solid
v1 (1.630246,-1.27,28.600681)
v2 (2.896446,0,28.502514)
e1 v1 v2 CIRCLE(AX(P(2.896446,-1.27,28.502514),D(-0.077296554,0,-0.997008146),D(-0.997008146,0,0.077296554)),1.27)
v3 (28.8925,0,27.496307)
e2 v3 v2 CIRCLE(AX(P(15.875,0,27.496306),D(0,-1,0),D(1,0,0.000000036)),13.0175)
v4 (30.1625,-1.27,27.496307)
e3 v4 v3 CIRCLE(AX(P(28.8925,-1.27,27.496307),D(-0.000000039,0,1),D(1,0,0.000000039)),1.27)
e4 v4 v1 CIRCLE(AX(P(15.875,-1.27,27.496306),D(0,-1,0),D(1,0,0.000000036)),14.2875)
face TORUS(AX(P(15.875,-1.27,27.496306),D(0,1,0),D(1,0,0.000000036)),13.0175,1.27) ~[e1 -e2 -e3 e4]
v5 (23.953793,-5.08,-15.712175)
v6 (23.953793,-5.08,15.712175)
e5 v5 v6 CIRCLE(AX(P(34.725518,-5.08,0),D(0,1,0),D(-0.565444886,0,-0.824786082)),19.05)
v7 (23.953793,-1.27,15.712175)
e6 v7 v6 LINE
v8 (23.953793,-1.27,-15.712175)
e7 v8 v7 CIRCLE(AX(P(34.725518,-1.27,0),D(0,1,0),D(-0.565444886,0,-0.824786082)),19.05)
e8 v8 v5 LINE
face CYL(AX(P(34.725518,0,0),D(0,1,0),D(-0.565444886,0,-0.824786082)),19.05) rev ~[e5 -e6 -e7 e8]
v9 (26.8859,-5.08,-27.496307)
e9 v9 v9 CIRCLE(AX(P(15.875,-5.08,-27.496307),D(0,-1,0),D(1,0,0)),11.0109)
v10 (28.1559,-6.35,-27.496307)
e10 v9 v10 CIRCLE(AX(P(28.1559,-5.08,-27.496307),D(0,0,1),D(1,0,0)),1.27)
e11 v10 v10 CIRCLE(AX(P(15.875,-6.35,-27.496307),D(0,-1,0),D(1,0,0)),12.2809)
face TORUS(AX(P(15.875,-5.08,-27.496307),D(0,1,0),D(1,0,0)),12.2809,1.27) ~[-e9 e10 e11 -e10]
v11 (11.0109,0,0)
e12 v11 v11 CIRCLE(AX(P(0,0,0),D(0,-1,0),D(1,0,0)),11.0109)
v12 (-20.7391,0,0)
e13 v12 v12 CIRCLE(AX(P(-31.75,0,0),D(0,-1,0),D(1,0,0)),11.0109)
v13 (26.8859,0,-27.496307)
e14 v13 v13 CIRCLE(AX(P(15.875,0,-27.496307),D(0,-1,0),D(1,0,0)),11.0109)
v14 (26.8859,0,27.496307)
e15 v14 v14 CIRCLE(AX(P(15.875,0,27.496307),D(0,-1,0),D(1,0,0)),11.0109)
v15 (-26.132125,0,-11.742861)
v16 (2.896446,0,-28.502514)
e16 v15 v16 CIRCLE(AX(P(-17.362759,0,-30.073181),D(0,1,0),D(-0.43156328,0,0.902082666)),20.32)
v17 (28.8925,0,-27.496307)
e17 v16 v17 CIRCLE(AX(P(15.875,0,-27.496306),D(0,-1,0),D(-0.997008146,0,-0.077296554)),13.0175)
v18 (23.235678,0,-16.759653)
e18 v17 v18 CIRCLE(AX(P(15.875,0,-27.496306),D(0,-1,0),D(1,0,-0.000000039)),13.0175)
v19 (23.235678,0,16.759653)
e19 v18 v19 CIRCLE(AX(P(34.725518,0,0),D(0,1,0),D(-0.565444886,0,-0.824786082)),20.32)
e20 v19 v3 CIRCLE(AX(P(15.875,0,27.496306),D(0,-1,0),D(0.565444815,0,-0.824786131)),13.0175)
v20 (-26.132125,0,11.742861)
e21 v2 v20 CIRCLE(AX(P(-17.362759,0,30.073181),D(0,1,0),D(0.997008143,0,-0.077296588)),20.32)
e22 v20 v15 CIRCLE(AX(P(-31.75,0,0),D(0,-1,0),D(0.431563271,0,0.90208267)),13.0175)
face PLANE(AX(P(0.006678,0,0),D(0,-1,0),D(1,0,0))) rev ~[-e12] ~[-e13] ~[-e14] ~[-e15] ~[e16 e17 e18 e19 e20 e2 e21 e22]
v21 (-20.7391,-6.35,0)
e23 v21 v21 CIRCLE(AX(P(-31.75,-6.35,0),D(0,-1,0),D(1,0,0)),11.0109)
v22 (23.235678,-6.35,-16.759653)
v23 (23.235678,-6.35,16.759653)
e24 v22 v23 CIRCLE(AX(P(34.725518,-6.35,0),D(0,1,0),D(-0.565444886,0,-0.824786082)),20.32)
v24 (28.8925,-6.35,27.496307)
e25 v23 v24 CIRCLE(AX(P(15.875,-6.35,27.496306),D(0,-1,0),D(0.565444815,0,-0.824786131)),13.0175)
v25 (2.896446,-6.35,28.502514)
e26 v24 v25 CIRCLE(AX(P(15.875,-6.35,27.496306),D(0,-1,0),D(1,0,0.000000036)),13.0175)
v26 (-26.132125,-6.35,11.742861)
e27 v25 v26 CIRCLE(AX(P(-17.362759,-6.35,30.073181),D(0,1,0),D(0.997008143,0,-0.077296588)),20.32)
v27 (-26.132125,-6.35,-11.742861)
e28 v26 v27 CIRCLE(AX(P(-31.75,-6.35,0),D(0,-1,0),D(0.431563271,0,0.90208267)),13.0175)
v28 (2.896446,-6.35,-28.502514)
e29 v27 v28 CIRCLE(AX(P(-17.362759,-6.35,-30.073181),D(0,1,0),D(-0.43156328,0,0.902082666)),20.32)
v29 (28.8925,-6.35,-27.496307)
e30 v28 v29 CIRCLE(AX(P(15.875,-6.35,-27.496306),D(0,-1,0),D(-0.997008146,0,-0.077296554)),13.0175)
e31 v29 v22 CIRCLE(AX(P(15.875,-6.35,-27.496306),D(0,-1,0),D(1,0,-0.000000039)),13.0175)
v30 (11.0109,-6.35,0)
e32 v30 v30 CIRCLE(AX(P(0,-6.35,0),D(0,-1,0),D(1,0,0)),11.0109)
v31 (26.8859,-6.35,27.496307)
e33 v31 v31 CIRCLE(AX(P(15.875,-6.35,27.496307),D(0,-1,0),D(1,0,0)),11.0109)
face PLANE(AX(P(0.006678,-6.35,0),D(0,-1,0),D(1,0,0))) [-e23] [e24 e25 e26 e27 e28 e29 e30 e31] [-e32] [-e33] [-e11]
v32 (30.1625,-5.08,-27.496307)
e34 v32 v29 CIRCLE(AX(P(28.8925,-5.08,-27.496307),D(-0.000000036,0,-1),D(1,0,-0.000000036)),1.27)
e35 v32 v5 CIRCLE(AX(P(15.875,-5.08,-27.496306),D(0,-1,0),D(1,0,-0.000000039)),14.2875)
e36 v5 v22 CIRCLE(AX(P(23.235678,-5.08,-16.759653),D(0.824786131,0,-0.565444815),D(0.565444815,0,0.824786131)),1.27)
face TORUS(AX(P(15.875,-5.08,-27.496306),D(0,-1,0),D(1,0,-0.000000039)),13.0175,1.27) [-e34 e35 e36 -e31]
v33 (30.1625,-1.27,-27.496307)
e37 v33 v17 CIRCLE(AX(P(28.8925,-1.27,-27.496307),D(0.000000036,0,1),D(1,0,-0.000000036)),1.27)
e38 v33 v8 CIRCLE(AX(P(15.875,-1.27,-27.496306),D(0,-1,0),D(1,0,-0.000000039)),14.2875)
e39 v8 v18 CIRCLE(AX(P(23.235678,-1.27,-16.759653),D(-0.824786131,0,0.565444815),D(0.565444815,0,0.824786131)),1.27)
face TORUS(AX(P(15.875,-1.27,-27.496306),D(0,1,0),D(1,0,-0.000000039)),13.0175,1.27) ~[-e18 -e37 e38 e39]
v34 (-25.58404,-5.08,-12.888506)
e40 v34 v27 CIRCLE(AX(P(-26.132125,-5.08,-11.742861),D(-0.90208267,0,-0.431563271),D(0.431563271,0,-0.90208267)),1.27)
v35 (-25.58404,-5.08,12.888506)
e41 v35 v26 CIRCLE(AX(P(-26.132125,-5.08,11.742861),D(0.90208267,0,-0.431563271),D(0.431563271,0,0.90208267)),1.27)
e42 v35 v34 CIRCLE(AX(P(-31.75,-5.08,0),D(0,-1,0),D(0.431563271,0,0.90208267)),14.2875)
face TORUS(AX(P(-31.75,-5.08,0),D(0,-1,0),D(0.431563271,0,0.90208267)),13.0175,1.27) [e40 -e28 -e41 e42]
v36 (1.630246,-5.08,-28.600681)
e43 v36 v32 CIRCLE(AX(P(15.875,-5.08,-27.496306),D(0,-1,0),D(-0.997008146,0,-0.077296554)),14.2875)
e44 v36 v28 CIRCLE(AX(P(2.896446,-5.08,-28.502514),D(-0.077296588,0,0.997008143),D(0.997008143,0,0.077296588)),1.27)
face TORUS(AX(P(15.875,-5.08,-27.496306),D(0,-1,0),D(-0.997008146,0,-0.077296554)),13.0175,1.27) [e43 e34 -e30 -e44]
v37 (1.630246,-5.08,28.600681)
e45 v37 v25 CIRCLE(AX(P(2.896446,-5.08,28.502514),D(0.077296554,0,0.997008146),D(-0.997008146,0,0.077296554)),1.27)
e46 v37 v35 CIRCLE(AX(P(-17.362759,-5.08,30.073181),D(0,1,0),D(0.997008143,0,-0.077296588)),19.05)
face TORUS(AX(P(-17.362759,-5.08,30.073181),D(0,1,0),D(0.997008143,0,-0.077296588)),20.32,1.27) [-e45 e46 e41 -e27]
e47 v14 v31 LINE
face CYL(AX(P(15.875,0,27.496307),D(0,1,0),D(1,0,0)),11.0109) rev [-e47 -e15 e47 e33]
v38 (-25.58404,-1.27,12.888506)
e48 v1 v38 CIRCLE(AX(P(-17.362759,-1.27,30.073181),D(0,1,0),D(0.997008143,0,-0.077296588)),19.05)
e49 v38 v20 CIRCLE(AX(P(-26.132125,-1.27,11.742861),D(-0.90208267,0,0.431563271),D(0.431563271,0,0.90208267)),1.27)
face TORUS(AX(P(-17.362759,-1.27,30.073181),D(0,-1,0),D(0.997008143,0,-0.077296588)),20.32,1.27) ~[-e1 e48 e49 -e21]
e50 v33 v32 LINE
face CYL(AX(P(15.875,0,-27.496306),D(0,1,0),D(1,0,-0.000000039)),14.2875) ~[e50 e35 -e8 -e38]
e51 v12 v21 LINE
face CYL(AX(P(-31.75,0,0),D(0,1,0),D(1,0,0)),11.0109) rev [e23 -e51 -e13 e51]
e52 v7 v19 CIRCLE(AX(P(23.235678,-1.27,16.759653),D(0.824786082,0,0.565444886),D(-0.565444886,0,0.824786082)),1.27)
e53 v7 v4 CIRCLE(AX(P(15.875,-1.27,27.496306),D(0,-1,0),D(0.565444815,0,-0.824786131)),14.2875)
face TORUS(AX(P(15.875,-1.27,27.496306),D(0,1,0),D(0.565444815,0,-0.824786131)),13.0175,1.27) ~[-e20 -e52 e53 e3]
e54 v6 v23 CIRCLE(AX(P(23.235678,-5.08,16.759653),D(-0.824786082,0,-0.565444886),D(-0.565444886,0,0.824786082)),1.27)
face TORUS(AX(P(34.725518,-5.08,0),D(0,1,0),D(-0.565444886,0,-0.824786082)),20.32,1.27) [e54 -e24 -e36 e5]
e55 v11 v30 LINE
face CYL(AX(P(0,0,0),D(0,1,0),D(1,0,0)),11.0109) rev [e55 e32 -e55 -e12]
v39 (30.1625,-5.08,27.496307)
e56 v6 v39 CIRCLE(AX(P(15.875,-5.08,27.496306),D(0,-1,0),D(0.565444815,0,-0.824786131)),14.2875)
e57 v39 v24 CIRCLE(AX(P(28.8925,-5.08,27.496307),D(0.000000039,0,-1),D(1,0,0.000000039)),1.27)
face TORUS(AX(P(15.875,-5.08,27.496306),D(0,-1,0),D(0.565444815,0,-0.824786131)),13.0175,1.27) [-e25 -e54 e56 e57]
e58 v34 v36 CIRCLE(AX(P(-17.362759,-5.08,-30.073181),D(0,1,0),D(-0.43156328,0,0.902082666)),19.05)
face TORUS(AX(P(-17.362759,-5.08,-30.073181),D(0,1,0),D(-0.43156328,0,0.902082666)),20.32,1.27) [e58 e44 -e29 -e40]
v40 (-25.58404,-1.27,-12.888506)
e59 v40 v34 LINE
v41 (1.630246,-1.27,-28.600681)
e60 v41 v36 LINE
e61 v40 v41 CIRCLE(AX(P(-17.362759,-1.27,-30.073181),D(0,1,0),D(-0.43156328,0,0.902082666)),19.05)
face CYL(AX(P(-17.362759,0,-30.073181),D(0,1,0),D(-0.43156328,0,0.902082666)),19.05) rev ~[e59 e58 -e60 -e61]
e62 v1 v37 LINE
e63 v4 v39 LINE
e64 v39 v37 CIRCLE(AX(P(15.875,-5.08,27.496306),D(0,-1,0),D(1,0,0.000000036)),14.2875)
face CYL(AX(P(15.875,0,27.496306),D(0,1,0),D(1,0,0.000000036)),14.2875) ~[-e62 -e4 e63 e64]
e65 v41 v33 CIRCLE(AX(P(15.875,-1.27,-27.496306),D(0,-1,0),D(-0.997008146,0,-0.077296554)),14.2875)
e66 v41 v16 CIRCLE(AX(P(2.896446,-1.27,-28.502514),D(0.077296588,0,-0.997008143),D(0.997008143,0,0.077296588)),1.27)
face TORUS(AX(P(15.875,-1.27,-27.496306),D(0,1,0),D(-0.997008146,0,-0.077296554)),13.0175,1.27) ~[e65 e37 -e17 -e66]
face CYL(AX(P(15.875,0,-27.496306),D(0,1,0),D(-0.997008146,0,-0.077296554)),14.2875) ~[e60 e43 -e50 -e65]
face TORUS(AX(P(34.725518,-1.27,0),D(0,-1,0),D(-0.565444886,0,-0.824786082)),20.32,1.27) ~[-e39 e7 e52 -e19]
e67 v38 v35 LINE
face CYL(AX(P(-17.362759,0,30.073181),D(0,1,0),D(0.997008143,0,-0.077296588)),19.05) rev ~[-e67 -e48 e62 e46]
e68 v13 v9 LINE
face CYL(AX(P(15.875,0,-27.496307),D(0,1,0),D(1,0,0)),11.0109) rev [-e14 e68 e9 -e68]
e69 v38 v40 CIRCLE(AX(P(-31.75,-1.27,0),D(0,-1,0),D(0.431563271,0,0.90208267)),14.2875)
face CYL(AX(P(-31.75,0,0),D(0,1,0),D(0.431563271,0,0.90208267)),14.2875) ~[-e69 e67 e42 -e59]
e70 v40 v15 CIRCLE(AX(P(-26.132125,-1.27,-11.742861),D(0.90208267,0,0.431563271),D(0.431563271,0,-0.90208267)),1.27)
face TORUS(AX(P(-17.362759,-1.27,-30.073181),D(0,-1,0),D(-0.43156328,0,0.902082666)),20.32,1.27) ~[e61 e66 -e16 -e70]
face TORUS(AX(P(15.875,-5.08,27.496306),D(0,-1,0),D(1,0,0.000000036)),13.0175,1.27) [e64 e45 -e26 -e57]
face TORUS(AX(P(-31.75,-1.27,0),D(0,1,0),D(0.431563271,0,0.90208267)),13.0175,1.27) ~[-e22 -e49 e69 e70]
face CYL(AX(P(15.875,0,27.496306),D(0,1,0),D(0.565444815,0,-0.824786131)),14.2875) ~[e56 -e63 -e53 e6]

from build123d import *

# Parameters (mm, degrees)
F0_R     = 11.0109
F1_DEPTH = 6.35
F2_R     = 1.27


with BuildPart() as f1:
    # F0 (on Front) → F1 (new body)
    with BuildSketch(Plane.XZ):
        with BuildLine():
            ThreePointArc((1.630246, 28.600681), (-7.837759, 13.575397), (-25.58404, 12.888506))
            ThreePointArc((-25.58404, 12.888506), (-19.662221, 7.616971), (-17.4625, 0))
            ThreePointArc((-17.4625, 0), (-19.662221, -7.616971), (-25.58404, -12.888506))
            ThreePointArc((-25.58404, -12.888506), (-7.837759, -13.575397), (1.630246, -28.600681))
            ThreePointArc((1.630246, -28.600681), (8.73125, -15.122969), (23.953793, -15.712175))
            ThreePointArc((23.953793, -15.712175), (15.675518, 0), (23.953793, 15.712175))
            ThreePointArc((23.953793, 15.712175), (8.73125, 15.122969), (1.630246, 28.600681))
        make_face()
        Circle(F0_R, mode=Mode.SUBTRACT)
        with BuildLine():
            ThreePointArc((-17.4625, 0), (-19.662221, 7.616971), (-25.58404, 12.888506))
            ThreePointArc((-25.58404, 12.888506), (-46.0375, 0), (-25.58404, -12.888506))
            ThreePointArc((-25.58404, -12.888506), (-19.662221, -7.616971), (-17.4625, 0))
        make_face()
        with Locations((-31.75, 0)):
            Circle(F0_R, mode=Mode.SUBTRACT)
        with BuildLine():
            ThreePointArc((30.1625, 27.496307), (16.427601, 41.773116), (1.630246, 28.600681))
            ThreePointArc((1.630246, 28.600681), (8.73125, 15.122969), (23.953793, 15.712175))
            ThreePointArc((23.953793, 15.712175), (28.51538, 20.836468), (30.1625, 27.496307))
        make_face()
        with Locations((15.875, 27.496307)):
            Circle(F0_R, mode=Mode.SUBTRACT)
        with BuildLine():
            ThreePointArc((23.953793, -15.712175), (8.73125, -15.122969), (1.630246, -28.600681))
            ThreePointArc((1.630246, -28.600681), (16.427601, -41.773116), (30.1625, -27.496307))
            ThreePointArc((30.1625, -27.496307), (28.51538, -20.836468), (23.953793, -15.712175))
        make_face()
        with Locations((15.875, -27.496307)):
            Circle(F0_R, mode=Mode.SUBTRACT)
    extrude(amount=F1_DEPTH)

    # F2
    f2_edges = [f1.edges().sort_by_distance(p)[0] for p in [
        (-46.0375, 0, 0),
        (-46.0375, -6.35, 0),
        (-7.837759, -6.35, 13.575397),
        (-7.837759, 0, 13.575397),
        (23.01875, 0, 39.869645),
        (23.01875, -6.35, 39.869645),
        (-7.837759, -6.35, -13.575397),
        (15.675518, -6.35, 0),
        (15.675518, 0, 0),
        (23.01875, 0, -39.869645),
        (4.8641, -6.35, -27.496307),
        (23.01875, -6.35, -39.869645),
        (-7.837759, 0, -13.575397),
    ]]
    fillet(f2_edges, radius=F2_R)


solid = f1.part
